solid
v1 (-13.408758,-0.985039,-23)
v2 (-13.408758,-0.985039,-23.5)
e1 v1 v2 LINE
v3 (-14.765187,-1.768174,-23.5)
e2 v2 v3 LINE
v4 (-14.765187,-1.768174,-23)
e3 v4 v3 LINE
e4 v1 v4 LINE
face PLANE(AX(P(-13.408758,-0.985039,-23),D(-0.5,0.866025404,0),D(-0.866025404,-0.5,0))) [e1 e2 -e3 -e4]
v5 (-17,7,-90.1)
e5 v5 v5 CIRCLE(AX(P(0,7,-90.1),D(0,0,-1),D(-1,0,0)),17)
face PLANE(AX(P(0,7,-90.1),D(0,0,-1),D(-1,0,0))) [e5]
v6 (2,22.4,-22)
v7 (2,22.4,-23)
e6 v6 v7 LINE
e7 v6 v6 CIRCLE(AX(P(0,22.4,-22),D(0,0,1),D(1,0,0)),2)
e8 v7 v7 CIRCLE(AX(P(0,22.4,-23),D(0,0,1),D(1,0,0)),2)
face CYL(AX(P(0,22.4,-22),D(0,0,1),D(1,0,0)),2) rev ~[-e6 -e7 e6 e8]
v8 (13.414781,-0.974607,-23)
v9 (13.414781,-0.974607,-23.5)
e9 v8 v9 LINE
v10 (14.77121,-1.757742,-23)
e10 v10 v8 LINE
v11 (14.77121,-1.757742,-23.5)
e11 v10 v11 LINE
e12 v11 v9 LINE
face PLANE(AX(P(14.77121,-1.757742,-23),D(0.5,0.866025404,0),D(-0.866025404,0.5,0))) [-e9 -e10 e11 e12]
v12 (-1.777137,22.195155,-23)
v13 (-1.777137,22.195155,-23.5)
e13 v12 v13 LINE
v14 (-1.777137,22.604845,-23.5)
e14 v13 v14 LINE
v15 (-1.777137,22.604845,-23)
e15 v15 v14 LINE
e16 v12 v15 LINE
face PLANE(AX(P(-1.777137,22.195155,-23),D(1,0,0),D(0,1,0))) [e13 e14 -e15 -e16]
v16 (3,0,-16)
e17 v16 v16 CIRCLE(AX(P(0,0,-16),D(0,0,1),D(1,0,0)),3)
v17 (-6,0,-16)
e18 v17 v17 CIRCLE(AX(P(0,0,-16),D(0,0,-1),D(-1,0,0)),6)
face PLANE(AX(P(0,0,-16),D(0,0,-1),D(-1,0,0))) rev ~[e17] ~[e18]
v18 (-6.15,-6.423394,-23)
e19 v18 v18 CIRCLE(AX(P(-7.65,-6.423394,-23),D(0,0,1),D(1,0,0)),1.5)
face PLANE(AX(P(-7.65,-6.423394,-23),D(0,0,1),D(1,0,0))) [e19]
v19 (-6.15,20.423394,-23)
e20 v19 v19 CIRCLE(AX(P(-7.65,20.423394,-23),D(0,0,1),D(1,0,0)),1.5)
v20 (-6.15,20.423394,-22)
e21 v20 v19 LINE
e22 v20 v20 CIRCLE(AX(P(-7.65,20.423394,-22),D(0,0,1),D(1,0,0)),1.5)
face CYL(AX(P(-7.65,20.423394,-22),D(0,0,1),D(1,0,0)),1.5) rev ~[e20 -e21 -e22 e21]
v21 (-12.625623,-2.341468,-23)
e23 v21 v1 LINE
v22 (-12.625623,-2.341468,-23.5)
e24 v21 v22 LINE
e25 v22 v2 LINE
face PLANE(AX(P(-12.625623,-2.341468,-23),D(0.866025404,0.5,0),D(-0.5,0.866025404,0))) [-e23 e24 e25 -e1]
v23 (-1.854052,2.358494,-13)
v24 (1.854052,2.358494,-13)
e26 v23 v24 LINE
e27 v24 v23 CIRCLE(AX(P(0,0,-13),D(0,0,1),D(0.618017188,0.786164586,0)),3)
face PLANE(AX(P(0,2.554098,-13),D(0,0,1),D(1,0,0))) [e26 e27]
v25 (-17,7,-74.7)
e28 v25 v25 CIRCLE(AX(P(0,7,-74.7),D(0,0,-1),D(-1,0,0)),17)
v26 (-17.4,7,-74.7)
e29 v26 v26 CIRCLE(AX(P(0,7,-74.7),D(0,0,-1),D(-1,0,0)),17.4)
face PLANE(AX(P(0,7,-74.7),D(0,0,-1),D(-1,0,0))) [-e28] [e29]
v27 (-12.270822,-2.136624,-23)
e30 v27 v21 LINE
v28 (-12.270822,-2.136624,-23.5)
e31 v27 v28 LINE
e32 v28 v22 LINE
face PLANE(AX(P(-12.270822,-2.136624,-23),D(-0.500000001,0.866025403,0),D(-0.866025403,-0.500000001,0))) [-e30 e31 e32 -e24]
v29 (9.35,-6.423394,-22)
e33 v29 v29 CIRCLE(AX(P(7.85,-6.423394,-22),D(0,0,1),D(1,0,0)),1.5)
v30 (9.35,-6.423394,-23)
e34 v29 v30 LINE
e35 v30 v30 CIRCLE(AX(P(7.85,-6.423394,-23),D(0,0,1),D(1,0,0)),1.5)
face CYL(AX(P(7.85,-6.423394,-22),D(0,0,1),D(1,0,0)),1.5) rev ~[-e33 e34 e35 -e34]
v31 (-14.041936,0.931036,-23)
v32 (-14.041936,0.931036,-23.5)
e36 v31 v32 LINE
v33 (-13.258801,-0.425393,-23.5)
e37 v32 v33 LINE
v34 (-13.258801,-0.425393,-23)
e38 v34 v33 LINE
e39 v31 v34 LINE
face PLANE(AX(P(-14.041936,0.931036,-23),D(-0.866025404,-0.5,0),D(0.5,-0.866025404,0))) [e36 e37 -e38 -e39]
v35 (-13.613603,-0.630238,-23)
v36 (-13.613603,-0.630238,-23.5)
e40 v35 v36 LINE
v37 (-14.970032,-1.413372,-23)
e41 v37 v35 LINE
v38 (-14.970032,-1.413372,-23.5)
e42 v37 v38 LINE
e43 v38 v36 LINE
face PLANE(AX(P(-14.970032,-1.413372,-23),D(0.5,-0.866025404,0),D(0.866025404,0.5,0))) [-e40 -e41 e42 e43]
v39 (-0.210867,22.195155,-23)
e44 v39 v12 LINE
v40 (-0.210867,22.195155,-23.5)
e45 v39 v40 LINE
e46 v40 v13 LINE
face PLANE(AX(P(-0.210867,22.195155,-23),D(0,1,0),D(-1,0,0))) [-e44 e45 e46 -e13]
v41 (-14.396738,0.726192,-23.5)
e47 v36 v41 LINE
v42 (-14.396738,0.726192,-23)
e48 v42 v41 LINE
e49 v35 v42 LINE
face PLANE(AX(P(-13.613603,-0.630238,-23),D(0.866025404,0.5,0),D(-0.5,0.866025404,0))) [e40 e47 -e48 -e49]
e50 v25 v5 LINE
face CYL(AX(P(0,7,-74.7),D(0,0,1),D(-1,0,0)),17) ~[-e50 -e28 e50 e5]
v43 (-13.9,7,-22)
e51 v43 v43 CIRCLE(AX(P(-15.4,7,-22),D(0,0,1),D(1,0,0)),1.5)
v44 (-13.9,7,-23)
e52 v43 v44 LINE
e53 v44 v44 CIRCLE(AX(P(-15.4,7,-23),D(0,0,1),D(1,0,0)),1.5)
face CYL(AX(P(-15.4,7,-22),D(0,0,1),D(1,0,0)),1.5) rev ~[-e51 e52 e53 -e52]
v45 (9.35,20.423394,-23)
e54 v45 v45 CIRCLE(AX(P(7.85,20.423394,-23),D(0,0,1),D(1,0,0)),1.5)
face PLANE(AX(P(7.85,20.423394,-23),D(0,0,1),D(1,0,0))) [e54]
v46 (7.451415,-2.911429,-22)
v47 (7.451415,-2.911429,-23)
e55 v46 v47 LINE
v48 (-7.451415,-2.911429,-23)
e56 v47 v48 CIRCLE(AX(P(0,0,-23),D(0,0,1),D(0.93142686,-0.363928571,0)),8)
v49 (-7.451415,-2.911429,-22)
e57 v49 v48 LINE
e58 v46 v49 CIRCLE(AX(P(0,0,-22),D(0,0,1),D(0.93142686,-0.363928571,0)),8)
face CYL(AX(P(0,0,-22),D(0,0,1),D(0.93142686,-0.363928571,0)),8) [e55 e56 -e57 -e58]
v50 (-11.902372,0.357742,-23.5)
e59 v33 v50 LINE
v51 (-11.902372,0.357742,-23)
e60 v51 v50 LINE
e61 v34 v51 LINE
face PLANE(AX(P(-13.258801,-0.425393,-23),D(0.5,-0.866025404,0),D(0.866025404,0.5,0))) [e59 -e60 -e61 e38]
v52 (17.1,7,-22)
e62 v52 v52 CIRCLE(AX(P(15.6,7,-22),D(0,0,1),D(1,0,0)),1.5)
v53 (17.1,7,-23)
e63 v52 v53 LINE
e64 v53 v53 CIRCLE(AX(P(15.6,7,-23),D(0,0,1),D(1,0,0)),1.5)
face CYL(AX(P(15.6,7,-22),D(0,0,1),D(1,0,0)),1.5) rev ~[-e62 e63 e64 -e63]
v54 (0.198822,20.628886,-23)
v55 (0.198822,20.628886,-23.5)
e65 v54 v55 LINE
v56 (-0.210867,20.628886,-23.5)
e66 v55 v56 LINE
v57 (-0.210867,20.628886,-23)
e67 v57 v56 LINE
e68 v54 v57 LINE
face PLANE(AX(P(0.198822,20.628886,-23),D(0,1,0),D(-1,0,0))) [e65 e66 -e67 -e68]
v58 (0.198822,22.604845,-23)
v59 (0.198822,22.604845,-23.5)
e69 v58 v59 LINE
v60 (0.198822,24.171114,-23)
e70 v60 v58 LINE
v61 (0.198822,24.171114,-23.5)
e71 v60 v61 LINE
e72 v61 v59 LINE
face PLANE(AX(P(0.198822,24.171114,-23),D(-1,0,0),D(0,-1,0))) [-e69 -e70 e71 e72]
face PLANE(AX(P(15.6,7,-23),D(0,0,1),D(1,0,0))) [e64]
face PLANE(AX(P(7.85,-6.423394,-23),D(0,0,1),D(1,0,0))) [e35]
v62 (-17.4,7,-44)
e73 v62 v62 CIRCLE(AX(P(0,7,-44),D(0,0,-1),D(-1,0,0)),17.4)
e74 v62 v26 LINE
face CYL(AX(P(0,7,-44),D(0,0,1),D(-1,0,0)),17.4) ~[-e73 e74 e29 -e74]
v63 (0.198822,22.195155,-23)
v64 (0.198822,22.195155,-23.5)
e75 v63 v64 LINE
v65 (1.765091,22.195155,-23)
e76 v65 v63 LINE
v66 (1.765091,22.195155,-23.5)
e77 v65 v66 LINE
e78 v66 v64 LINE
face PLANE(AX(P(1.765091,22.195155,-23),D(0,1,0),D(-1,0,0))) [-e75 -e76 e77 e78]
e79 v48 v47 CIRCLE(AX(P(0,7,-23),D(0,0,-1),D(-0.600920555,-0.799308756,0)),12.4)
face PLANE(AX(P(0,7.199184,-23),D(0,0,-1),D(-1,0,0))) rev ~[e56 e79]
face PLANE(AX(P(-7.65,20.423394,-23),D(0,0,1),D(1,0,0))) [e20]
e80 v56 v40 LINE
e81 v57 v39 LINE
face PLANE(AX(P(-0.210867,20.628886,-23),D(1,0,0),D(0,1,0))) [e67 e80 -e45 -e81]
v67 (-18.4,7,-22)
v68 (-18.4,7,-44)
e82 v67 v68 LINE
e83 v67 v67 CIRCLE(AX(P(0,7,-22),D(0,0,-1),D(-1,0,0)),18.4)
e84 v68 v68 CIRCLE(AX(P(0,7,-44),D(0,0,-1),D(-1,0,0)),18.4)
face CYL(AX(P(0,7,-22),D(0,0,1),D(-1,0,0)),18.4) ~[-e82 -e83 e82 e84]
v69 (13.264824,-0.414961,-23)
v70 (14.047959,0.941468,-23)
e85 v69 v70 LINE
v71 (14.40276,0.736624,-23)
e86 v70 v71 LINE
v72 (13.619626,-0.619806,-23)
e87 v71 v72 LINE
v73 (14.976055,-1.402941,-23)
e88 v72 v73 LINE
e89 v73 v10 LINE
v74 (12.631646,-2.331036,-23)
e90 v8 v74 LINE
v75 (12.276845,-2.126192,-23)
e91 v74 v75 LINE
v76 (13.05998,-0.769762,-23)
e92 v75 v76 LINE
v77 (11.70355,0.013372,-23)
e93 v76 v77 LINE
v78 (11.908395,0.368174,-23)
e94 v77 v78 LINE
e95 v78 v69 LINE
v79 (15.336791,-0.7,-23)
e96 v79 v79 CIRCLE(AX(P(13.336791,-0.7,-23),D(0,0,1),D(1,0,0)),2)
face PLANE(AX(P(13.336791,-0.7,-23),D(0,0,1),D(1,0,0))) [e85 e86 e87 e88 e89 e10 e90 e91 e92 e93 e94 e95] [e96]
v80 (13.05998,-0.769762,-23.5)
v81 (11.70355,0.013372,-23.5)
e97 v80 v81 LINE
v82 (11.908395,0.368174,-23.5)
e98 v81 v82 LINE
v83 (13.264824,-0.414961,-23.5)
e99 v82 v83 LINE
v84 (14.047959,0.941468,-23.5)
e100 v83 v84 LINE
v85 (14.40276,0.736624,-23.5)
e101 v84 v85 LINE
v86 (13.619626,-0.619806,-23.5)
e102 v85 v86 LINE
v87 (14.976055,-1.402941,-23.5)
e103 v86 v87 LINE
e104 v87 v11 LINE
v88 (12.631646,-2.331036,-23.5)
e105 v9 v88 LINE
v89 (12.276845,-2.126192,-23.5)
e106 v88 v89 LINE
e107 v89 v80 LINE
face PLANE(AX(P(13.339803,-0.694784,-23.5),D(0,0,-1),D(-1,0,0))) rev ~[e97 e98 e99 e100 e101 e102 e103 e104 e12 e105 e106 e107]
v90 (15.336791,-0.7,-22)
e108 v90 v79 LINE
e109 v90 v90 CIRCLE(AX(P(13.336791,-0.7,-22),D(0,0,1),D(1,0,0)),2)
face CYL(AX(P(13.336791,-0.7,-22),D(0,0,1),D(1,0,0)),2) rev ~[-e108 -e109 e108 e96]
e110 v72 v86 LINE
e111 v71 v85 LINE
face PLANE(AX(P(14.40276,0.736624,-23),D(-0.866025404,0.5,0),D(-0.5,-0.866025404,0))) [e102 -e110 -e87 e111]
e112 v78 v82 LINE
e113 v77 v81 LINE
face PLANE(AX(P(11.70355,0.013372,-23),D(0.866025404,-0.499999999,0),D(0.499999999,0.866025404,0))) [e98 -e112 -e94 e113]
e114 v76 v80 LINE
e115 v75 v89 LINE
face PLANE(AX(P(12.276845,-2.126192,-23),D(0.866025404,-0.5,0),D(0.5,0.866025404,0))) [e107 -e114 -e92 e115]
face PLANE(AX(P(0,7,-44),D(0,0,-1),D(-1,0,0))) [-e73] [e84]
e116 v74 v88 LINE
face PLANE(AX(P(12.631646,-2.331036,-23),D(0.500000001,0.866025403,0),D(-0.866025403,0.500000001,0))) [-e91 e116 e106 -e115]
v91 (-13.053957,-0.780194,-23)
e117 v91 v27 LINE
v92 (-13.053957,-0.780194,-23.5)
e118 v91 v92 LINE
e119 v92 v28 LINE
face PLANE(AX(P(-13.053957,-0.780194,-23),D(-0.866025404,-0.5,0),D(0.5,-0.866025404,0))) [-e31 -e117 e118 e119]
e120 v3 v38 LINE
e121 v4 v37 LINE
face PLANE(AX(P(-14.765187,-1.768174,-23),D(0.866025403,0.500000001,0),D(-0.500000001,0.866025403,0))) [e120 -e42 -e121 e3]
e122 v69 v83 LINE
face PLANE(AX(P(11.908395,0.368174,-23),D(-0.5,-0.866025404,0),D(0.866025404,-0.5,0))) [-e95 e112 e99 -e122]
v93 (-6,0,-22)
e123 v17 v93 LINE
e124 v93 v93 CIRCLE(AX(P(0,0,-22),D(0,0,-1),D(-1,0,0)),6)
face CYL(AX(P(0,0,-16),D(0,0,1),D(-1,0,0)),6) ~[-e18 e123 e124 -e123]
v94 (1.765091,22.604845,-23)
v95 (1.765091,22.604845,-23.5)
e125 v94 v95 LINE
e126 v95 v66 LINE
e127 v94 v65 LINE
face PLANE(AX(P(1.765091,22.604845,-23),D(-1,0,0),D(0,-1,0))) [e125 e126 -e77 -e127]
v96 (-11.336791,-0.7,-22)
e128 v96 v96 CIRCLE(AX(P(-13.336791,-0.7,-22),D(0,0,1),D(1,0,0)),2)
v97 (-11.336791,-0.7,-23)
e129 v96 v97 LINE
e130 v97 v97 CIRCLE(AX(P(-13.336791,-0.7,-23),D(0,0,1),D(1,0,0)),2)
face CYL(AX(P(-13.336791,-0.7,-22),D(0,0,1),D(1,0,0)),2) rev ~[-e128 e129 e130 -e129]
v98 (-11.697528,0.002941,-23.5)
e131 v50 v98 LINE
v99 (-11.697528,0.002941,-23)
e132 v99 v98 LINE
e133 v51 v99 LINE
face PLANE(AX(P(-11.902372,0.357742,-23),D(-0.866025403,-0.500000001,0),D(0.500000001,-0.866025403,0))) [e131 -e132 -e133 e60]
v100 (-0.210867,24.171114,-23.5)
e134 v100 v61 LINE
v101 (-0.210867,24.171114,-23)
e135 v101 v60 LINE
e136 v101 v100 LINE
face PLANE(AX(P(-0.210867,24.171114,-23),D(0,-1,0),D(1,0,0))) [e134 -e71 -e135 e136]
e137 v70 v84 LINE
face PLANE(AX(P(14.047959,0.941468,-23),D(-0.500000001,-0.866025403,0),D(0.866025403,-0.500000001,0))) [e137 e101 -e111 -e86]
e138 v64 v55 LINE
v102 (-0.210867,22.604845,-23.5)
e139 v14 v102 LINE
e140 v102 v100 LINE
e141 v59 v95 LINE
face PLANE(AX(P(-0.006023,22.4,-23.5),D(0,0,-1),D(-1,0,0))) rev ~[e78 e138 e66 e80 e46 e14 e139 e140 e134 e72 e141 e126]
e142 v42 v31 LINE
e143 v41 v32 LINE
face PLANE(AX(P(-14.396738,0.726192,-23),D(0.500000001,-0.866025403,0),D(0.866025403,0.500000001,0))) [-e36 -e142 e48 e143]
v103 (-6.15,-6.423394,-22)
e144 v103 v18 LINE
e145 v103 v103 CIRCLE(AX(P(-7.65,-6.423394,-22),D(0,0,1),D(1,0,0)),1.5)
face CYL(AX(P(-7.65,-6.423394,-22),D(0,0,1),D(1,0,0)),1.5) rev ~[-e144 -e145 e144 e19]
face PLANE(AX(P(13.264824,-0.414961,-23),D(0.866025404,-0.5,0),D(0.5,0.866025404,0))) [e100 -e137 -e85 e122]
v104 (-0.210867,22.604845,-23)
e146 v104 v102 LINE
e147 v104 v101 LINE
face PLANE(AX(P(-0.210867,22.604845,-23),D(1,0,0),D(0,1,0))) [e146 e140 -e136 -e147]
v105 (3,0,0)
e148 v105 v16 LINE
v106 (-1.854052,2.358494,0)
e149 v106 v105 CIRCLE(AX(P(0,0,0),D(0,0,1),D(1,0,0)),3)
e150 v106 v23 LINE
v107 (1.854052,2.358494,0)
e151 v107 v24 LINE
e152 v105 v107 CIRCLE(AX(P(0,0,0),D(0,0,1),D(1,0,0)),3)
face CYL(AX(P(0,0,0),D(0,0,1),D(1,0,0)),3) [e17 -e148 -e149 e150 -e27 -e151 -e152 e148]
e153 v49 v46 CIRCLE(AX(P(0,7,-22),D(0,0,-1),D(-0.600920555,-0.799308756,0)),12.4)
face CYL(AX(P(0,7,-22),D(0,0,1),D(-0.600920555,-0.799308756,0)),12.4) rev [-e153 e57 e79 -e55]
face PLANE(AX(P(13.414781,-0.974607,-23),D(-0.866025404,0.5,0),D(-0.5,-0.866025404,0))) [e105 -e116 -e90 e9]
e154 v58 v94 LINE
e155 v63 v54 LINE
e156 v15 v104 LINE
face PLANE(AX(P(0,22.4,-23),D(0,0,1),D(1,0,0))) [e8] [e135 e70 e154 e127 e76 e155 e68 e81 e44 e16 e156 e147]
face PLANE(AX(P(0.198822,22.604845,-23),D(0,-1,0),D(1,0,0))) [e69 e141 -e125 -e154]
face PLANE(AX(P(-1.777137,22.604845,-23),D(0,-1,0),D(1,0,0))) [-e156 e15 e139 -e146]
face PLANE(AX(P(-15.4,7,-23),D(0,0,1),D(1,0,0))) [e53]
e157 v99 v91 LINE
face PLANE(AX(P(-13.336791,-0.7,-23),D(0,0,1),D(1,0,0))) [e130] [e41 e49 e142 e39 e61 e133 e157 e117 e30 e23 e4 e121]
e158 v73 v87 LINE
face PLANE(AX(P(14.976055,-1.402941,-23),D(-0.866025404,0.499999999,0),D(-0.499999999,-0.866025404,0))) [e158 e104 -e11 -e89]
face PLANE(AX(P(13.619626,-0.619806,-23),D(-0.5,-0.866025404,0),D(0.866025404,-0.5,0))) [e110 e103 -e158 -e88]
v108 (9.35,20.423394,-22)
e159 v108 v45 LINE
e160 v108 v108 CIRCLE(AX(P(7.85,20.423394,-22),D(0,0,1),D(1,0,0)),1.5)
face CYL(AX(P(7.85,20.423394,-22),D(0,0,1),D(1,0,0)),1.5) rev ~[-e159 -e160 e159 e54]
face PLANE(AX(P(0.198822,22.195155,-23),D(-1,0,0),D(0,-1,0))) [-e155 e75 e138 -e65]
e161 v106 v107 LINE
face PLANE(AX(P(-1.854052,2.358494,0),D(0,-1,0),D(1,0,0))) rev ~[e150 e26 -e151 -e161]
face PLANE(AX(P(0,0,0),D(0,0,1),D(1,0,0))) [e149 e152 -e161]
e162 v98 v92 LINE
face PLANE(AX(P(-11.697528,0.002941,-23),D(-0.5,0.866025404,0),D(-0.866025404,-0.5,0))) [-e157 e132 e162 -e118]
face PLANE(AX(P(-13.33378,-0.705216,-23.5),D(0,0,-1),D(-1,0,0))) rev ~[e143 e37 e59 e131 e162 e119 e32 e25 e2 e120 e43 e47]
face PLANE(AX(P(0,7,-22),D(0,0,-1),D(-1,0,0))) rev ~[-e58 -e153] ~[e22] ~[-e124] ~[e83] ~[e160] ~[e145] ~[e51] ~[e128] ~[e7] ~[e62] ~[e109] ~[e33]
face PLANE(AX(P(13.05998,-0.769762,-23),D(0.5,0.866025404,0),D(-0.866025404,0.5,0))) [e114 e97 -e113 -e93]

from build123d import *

# Parameters (mm, degrees)
SKETCH1_R           = 3
BOSS_EXTRUDE1_DEPTH = 16
CUT_EXTRUDE1_DEPTH  = 13
SKETCH4_R           = 6
BOSS_EXTRUDE2_DEPTH = 6
SKETCH5_R           = 18.4
BOSS_EXTRUDE3_DEPTH = 22
SKETCH6_R           = 17.4
BOSS_EXTRUDE4_DEPTH = 30.7
SKETCH7_R           = 17
BOSS_EXTRUDE5_DEPTH = 15.4
SKETCH8_R           = 2
SKETCH8_R_2         = 1.5
CUT_EXTRUDE2_DEPTH  = 1
CUT_EXTRUDE3_DEPTH  = 1
CUT_EXTRUDE4_DEPTH  = 0.5


with BuildPart() as part:
    # Sketch1 → Boss-Extrude1 (new body)
    with BuildSketch(Plane.XY):
        Circle(SKETCH1_R)
    extrude(amount=-BOSS_EXTRUDE1_DEPTH)

    # Sketch2 → Cut-Extrude1 (cut)
    with BuildSketch(Plane.XY):
        with BuildLine():
            Line((-1.854051563, 2.358493757), (1.854051563, 2.358493757))
            ThreePointArc((1.854051563, 2.358493757), (0, 3), (-1.854051563, 2.358493757))
        make_face()
    extrude(amount=-CUT_EXTRUDE1_DEPTH, mode=Mode.SUBTRACT)

    # Sketch4 → Boss-Extrude2 (add)
    with BuildSketch(Plane(origin=(0, 0, -16), x_dir=(-1, 0, 0), z_dir=(0, 0, -1))):
        Circle(SKETCH4_R)
    extrude(amount=BOSS_EXTRUDE2_DEPTH)

    # Sketch5 → Boss-Extrude3 (add)
    with BuildSketch(Plane(origin=(0, 0, -22), x_dir=(-1, 0, 0), z_dir=(0, 0, -1))):
        with Locations((0, 7)):
            Circle(SKETCH5_R)
    extrude(amount=BOSS_EXTRUDE3_DEPTH)

    # Sketch6 → Boss-Extrude4 (add)
    with BuildSketch(Plane(origin=(0, 0, -44), x_dir=(-1, 0, 0), z_dir=(0, 0, -1))):
        with Locations((0, 7)):
            Circle(SKETCH6_R)
    extrude(amount=BOSS_EXTRUDE4_DEPTH)

    # Sketch7 → Boss-Extrude5 (add)
    with BuildSketch(Plane(origin=(0, 0, -74.7), x_dir=(-1, 0, 0), z_dir=(0, 0, -1))):
        with Locations((0, 7)):
            Circle(SKETCH7_R)
    extrude(amount=BOSS_EXTRUDE5_DEPTH)

    # Sketch8 → Cut-Extrude2 (cut)
    with BuildSketch(Plane.XY.offset(-22)):
        with Locations((0, 22.4)):
            Circle(SKETCH8_R)
        with Locations((13.336791218, -0.7)):
            Circle(SKETCH8_R)
        with Locations((-13.336791218, -0.7)):
            Circle(SKETCH8_R)
        with Locations((-15.4, 7)):
            Circle(SKETCH8_R_2)
        with Locations((-7.65, 20.423393759)):
            Circle(SKETCH8_R_2)
        with Locations((7.85, 20.423393759)):
            Circle(SKETCH8_R_2)
        with Locations((15.6, 7)):
            Circle(SKETCH8_R_2)
        with Locations((7.85, -6.423393759)):
            Circle(SKETCH8_R_2)
        with Locations((-7.65, -6.423393759)):
            Circle(SKETCH8_R_2)
    extrude(amount=-CUT_EXTRUDE2_DEPTH, mode=Mode.SUBTRACT)

    # Sketch9 → Cut-Extrude3 (cut)
    with BuildSketch(Plane.XY.offset(-22)):
        with BuildLine():
            ThreePointArc((7.451414877, -2.911428571), (0, 8), (-7.451414877, -2.911428571))
            ThreePointArc((-7.451414877, -2.911428571), (0, 19.4), (7.451414877, -2.911428571))
        make_face()
    extrude(amount=-CUT_EXTRUDE3_DEPTH, mode=Mode.SUBTRACT)

    # Sketch10 → Cut-Extrude4 (cut)
    with BuildSketch(Plane.XY.offset(-23)):
        Polygon((0.198821757, 22.604844617), (1.765091395, 22.604844617), (1.765091395, 22.195155383), (0.198821757, 22.195155383), (0.198821757, 20.628885745), (-0.210867478, 20.628885745), (-0.210867478, 22.195155383), (-1.777137116, 22.195155383), (-1.777137116, 22.604844617), (-0.210867478, 22.604844617), (-0.210867478, 24.171114255), (0.198821757, 24.171114255), align=None)
        Polygon((13.414780982, -0.974607001), (12.631646163, -2.331036297), (12.276844878, -2.126191679), (13.059979697, -0.769762384), (11.703550402, 0.013372435), (11.908395019, 0.36817372), (13.264824315, -0.414961099), (14.047959134, 0.941468197), (14.402760419, 0.736623579), (13.6196256, -0.619805716), (14.976054895, -1.402940535), (14.771210278, -1.75774182), align=None)
        Polygon((-13.613602739, -0.630237616), (-14.396737558, 0.726191679), (-14.041936273, 0.931036297), (-13.258801454, -0.425392999), (-11.902372159, 0.35774182), (-11.697527541, 0.002940535), (-13.053956837, -0.780194284), (-12.270822018, -2.136623579), (-12.625623303, -2.341468197), (-13.408758122, -0.985038901), (-14.765187417, -1.76817372), (-14.970032035, -1.413372435), align=None)
    extrude(amount=-CUT_EXTRUDE4_DEPTH, mode=Mode.SUBTRACT)


solid = part.part
